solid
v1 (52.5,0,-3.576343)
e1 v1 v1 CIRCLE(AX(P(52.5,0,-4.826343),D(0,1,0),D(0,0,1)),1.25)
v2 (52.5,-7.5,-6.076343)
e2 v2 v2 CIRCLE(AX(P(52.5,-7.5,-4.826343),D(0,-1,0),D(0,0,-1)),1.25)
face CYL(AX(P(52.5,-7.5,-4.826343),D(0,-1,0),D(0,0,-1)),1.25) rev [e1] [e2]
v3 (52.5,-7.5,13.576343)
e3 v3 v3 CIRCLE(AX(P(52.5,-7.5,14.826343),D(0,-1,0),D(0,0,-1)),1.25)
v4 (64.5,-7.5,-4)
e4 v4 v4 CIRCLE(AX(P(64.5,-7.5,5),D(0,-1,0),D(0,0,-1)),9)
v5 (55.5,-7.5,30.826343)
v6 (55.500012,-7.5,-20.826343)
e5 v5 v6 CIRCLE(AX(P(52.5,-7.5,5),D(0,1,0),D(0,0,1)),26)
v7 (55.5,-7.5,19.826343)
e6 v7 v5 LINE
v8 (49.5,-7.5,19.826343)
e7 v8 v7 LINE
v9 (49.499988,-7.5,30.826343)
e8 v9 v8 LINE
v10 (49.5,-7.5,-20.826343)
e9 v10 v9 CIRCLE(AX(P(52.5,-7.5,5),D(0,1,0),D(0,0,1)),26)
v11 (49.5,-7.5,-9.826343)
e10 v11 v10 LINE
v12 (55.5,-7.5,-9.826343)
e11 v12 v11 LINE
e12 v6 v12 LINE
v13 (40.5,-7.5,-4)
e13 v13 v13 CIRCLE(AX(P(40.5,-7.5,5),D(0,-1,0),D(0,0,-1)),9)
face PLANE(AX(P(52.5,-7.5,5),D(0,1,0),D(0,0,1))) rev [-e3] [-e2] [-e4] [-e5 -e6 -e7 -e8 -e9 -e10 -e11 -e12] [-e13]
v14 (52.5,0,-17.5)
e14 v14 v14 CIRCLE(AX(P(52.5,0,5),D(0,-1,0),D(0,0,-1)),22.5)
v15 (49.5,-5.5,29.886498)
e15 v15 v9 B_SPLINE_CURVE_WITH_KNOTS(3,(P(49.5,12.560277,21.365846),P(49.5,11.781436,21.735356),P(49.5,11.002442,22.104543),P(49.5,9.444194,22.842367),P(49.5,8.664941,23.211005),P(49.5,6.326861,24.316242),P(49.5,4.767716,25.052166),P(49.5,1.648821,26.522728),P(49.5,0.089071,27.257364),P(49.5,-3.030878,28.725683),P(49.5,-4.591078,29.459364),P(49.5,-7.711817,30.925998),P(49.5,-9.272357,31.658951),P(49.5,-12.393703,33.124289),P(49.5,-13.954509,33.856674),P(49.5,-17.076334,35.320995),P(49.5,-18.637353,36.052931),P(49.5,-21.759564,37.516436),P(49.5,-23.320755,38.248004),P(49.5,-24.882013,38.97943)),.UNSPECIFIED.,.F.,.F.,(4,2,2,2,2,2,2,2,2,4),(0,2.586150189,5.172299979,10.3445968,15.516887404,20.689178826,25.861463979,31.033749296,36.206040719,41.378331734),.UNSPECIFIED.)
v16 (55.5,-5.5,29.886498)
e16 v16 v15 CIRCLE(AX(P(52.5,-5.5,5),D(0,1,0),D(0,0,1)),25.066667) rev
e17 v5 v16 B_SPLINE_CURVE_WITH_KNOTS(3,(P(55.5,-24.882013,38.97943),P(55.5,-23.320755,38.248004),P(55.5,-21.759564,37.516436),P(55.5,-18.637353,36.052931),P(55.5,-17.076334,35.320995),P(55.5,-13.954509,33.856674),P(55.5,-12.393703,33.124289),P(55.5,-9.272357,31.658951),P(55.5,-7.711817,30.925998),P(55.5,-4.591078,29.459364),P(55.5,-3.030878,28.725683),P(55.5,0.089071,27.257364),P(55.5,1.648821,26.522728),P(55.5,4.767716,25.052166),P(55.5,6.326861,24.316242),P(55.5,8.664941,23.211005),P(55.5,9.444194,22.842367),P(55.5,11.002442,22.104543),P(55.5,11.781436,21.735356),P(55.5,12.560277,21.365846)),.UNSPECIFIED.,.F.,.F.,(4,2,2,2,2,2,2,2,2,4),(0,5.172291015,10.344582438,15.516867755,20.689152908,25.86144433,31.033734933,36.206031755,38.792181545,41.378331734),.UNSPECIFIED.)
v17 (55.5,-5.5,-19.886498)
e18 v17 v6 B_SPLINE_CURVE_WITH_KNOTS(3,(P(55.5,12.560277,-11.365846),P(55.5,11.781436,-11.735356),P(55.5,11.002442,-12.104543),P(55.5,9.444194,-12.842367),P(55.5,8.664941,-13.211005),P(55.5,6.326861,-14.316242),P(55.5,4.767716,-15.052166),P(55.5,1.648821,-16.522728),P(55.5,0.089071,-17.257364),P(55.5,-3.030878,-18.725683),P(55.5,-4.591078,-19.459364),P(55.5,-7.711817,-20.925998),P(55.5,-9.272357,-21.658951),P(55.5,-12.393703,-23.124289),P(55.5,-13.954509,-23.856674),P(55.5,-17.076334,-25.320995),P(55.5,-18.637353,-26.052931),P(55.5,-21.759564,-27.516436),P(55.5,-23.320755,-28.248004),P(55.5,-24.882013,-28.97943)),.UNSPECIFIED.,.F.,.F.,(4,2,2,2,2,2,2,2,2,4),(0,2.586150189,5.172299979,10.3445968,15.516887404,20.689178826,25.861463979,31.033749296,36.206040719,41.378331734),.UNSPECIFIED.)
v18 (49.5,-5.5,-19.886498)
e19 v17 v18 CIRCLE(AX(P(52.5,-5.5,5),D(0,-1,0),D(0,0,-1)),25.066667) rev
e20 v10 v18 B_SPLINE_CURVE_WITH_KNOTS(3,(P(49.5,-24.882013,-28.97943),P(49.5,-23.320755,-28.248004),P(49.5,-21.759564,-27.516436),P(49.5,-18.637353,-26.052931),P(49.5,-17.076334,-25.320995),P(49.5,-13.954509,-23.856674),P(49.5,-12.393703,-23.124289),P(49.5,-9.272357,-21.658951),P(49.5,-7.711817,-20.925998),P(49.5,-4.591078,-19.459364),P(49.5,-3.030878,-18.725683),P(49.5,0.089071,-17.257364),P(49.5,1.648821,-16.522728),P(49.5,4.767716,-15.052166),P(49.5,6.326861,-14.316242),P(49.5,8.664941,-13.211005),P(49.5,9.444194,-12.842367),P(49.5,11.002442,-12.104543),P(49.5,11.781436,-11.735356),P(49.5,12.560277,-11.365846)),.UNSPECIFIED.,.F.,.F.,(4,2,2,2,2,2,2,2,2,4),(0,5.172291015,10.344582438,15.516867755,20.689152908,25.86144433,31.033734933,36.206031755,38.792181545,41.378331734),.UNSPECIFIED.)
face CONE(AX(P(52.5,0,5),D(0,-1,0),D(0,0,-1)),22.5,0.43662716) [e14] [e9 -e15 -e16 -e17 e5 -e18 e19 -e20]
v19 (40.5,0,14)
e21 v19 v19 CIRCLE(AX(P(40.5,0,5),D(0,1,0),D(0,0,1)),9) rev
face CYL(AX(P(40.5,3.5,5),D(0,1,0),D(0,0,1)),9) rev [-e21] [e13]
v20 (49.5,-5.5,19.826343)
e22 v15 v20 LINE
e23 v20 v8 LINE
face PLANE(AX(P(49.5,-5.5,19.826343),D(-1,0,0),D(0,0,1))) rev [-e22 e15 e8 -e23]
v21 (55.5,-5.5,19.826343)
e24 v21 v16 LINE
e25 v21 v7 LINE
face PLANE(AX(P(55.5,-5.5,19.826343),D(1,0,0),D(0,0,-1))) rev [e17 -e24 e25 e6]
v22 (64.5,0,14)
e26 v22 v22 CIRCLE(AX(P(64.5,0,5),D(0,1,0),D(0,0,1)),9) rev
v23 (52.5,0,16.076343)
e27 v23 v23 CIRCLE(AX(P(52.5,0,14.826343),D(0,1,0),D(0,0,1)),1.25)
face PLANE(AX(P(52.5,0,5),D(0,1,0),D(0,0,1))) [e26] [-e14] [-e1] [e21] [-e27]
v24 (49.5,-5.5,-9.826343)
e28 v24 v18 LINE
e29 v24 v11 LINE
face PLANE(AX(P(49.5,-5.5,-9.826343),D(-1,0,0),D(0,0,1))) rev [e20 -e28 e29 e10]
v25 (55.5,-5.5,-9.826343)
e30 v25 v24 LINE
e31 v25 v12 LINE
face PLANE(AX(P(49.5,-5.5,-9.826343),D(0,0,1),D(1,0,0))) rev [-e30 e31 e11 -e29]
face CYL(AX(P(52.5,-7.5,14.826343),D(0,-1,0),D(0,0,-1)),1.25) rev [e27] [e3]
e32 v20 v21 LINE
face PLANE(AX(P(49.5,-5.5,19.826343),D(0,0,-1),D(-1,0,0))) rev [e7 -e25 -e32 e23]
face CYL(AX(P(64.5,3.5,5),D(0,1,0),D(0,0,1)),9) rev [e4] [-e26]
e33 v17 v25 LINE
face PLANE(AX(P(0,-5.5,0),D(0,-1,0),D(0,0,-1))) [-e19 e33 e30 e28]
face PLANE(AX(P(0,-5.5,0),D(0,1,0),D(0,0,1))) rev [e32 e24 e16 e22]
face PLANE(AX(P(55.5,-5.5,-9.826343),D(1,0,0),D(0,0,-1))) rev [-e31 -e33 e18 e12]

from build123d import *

# Parameters (mm, degrees)
SKETCH1_W                = 207
SKETCH1_H                = 106
BOSS_EXTRUDE1_DEPTH      = 35.5
SKETCH2_W                = 201
SKETCH2_H                = 100
CUT_EXTRUDE1_DEPTH       = 32
SKETCH3_W                = 204
SKETCH3_H                = 103
SKETCH3_W_2              = 201
SKETCH3_H_2              = 100
CUT_EXTRUDE2_DEPTH       = 3
M18_CLEARANCE_HOLE2_D    = 18
FILLET1_R                = 2
FILLET2_R                = 2
SKETCH6_W                = 10
SKETCH6_H                = 10
BOSS_EXTRUDE2_DEPTH      = 29
SKETCH7_W                = 10
SKETCH7_H                = 10
BOSS_EXTRUDE3_DEPTH      = 29
SKETCH8_W                = 10
SKETCH8_H                = 10
BOSS_EXTRUDE4_DEPTH      = 29
SKETCH9_W                = 10
SKETCH9_H                = 10
BOSS_EXTRUDE5_DEPTH      = 29
M3_CLEARANCE_HOLE1_D     = 3.4
M3_CLEARANCE_HOLE1_DEPTH = 26
M3_CLEARANCE_HOLE1_TIP   = 1.021463052
SKETCH12_R               = 3
CUT_EXTRUDE4_DEPTH       = 6
SKETCH13_R               = 3
CUT_EXTRUDE5_DEPTH       = 6
SKETCH14_R               = 3
CUT_EXTRUDE6_DEPTH       = 6
SKETCH15_R               = 3
CUT_EXTRUDE8_DEPTH       = 6
SKETCH17_R               = 22.5
SKETCH16_R               = 26
SKETCH18_R               = 9
CUT_EXTRUDE9_DEPTH       = 124.976812348
SKETCH19_R               = 9
CUT_EXTRUDE10_DEPTH      = 124.976812348
SKETCH20_W               = 6
SKETCH20_H               = 11
CUT_EXTRUDE13_DEPTH      = 2
SKETCH21_W               = 6
SKETCH21_H               = 11
CUT_EXTRUDE14_DEPTH      = 2
SKETCH22_W               = 218.453693545
SKETCH22_H               = 118.706912719
SKETCH22_R               = 34.681443639
CUT_EXTRUDE15_DEPTH      = 122.579192299
SKETCH23_R               = 34.681443639
CUT_EXTRUDE16_DEPTH      = 9
CUT_EXTRUDE16_DEPTH_BACK = 3.5
M3X0_5_TAPPED_HOLE1_D    = 2.5


with BuildPart() as part:
    # Sketch1 → Boss-Extrude1 (new body)
    with BuildSketch(Plane(origin=(0, 0, 0), x_dir=(1, 0, 0), z_dir=(0, 1, 0))):
        Rectangle(SKETCH1_W, SKETCH1_H)
    extrude(amount=BOSS_EXTRUDE1_DEPTH)

    # Sketch2 → Cut-Extrude1 (cut)
    with BuildSketch(Plane(origin=(0, 35.5, 0), x_dir=(1, 0, 0), z_dir=(0, 1, 0))):
        Rectangle(SKETCH2_W, SKETCH2_H)
    extrude(amount=-CUT_EXTRUDE1_DEPTH, mode=Mode.SUBTRACT)

    # Sketch3 → Cut-Extrude2 (cut)
    with BuildSketch(Plane(origin=(0, 35.5, 0), x_dir=(1, 0, 0), z_dir=(0, 1, 0))):
        Rectangle(SKETCH3_W, SKETCH3_H)
        Rectangle(SKETCH3_W_2, SKETCH3_H_2, mode=Mode.SUBTRACT)
    extrude(amount=-CUT_EXTRUDE2_DEPTH, mode=Mode.SUBTRACT)

    # M18 Clearance Hole2 (through all)
    with Locations(Plane(origin=(64.5, 3.5, 5), x_dir=(0, 0, 1), z_dir=(0, 1, 0))):
        with Locations((0, 0), (0, -24)):
            Hole(M18_CLEARANCE_HOLE2_D / 2)

    # Fillet1
    fillet1_edges = [part.edges().sort_by_distance(p)[0] for p in [
        (100.5, 18, -50),
        (100.5, 18, 50),
        (-100.5, 18, 50),
        (-100.5, 18, -50),
        (0, 0, 53),
        (-103.5, 0, 0),
        (0, 0, -53),
        (103.5, 0, 0),
        (103.5, 17.75, 53),
        (-103.5, 17.75, 53),
        (-103.5, 17.75, -53),
        (103.5, 17.75, -53),
    ]]
    fillet(fillet1_edges, radius=FILLET1_R)

    # Fillet2
    fillet2_edges = [part.edges().sort_by_distance(p)[0] for p in [
        (-102, 34, 51.5),
        (-102, 34, -51.5),
        (102, 34, -51.5),
        (102, 34, 51.5),
    ]]
    fillet(fillet2_edges, radius=FILLET2_R)

    # Sketch6 → Boss-Extrude2 (add)
    with BuildSketch(Plane(origin=(0, 3.5, 0), x_dir=(1, 0, 0), z_dir=(0, 1, 0))):
        with Locations((-43.5, 45)):
            Rectangle(SKETCH6_W, SKETCH6_H)
    extrude(amount=BOSS_EXTRUDE2_DEPTH)

    # Sketch7 → Boss-Extrude3 (add)
    with BuildSketch(Plane(origin=(0, 3.5, 0), x_dir=(1, 0, 0), z_dir=(0, 1, 0))):
        with Locations((-43.5, -45)):
            Rectangle(SKETCH7_W, SKETCH7_H)
    extrude(amount=BOSS_EXTRUDE3_DEPTH)

    # Sketch8 → Boss-Extrude4 (add)
    with BuildSketch(Plane(origin=(0, 3.5, 0), x_dir=(1, 0, 0), z_dir=(0, 1, 0))):
        with Locations((95.5, 20)):
            Rectangle(SKETCH8_W, SKETCH8_H)
    extrude(amount=BOSS_EXTRUDE4_DEPTH)

    # Sketch9 → Boss-Extrude5 (add)
    with BuildSketch(Plane(origin=(0, 3.5, 0), x_dir=(1, 0, 0), z_dir=(0, 1, 0))):
        with Locations((95.5, -20)):
            Rectangle(SKETCH9_W, SKETCH9_H)
    extrude(amount=BOSS_EXTRUDE5_DEPTH)

    # M3 Clearance Hole1
    with Locations(Plane(origin=(-43.5, 32.5, -45), x_dir=(0, 0, 1), z_dir=(0, 1, 0))):
        with Locations((0, 0), (90, 0), (65, 139), (25, 139)):
            Hole(M3_CLEARANCE_HOLE1_D / 2, depth=M3_CLEARANCE_HOLE1_DEPTH)
            with Locations((0, 0, -(M3_CLEARANCE_HOLE1_DEPTH + M3_CLEARANCE_HOLE1_TIP / 2))):  # 118° drill point
                Cone(0, M3_CLEARANCE_HOLE1_D / 2, M3_CLEARANCE_HOLE1_TIP, mode=Mode.SUBTRACT)

    # Sketch12 → Cut-Extrude4 (cut)
    with BuildSketch(Plane.XZ):
        with Locations(Location((-43.5, 45, 0), (0, 0, 270))):
            Circle(SKETCH12_R)
    extrude(amount=-CUT_EXTRUDE4_DEPTH, mode=Mode.SUBTRACT)

    # Sketch13 → Cut-Extrude5 (cut)
    with BuildSketch(Plane.XZ):
        with Locations(Location((-43.5, -45, 0), (0, 0, 270))):
            Circle(SKETCH13_R)
    extrude(amount=-CUT_EXTRUDE5_DEPTH, mode=Mode.SUBTRACT)

    # Sketch14 → Cut-Extrude6 (cut)
    with BuildSketch(Plane.XZ):
        with Locations(Location((95.5, 20, 0), (0, 0, 270))):
            Circle(SKETCH14_R)
    extrude(amount=-CUT_EXTRUDE6_DEPTH, mode=Mode.SUBTRACT)

    # Sketch15 → Cut-Extrude8 (cut)
    with BuildSketch(Plane.XZ):
        with Locations(Location((95.5, -20, 0), (0, 0, 270))):
            Circle(SKETCH15_R)
    extrude(amount=-CUT_EXTRUDE8_DEPTH, mode=Mode.SUBTRACT)

    # Sketch17 → Loft2 section 0
    with BuildSketch(Plane(origin=(0, 0, 0), x_dir=(1, 0, 0), z_dir=(0, 1, 0))):
        with Locations((52.5, -5)):
            Circle(SKETCH17_R)
    # Sketch16 → Loft2 section 1
    with BuildSketch(Plane(origin=(0, -7.5, 0), x_dir=(1, 0, 0), z_dir=(0, 1, 0))):
        with Locations((52.5, -5)):
            Circle(SKETCH16_R)
    loft()

    # Sketch18 → Cut-Extrude9 (cut, through all)
    with BuildSketch(Plane.XZ.offset(7.5)):
        with Locations(Location((40.5, 5, 0), (0, 0, 90))):
            Circle(SKETCH18_R)
    extrude(amount=-CUT_EXTRUDE9_DEPTH, mode=Mode.SUBTRACT)

    # Sketch19 → Cut-Extrude10 (cut, through all)
    with BuildSketch(Plane.XZ.offset(7.5)):
        with Locations(Location((64.5, 5, 0), (0, 0, 90))):
            Circle(SKETCH19_R)
    extrude(amount=-CUT_EXTRUDE10_DEPTH, mode=Mode.SUBTRACT)

    # Sketch20 → Cut-Extrude13 (cut)
    with BuildSketch(Plane.XZ.offset(7.5)):
        with Locations((52.5, 25.32634314)):
            Rectangle(SKETCH20_W, SKETCH20_H)
    extrude(amount=-CUT_EXTRUDE13_DEPTH, mode=Mode.SUBTRACT)


with BuildPart() as cut_extrude13_kept_piece:
    # of the separate pieces the step leaves, the one the design keeps (cut_extrude13_pieces_kept)
    add(part.part.solids().sort_by_distance((-100, 35.5, -51.5))[0])

    # Sketch21 → Cut-Extrude14 (cut)
    with BuildSketch(Plane.XZ.offset(7.5)):
        with Locations((52.5, -15.32634314)):
            Rectangle(SKETCH21_W, SKETCH21_H)
    extrude(amount=-CUT_EXTRUDE14_DEPTH, mode=Mode.SUBTRACT)


with BuildPart() as cut_extrude14_kept_piece:
    # of the separate pieces the step leaves, the one the design keeps (cut_extrude14_pieces_kept)
    add(cut_extrude13_kept_piece.part.solids().sort_by_distance((-100, 35.5, -51.5))[0])

    # Sketch22 → Cut-Extrude15 (cut, through all)
    with BuildSketch(Plane.XZ):
        with Locations((2.060883901, -1.23653034)):
            Rectangle(SKETCH22_W, SKETCH22_H)
        with Locations(Location((52.5, 5, 0), (0, 0, 270))):
            Circle(SKETCH22_R, mode=Mode.SUBTRACT)
    extrude(amount=-CUT_EXTRUDE15_DEPTH, mode=Mode.SUBTRACT)

    # Sketch23 → Cut-Extrude16 (cut, two sides)
    with BuildSketch(Plane(origin=(0, 3.5, 0), x_dir=(1, 0, 0), z_dir=(0, 1, 0))) as cut_extrude16_sk:
        with Locations((52.5, -5)):
            Circle(SKETCH23_R)
    extrude(amount=CUT_EXTRUDE16_DEPTH, mode=Mode.SUBTRACT)
    extrude(cut_extrude16_sk.sketch, amount=-CUT_EXTRUDE16_DEPTH_BACK, mode=Mode.SUBTRACT)

    # M3x0.5 Tapped Hole1 (through all)
    with Locations(Plane(origin=(52.5, -7.5, 14.82634314), x_dir=(0, 0, -1), z_dir=(0, -1, 0))):
        with Locations((0, 0), (19.65268628, 0)):
            Hole(M3X0_5_TAPPED_HOLE1_D / 2)


solid = cut_extrude14_kept_piece.part
